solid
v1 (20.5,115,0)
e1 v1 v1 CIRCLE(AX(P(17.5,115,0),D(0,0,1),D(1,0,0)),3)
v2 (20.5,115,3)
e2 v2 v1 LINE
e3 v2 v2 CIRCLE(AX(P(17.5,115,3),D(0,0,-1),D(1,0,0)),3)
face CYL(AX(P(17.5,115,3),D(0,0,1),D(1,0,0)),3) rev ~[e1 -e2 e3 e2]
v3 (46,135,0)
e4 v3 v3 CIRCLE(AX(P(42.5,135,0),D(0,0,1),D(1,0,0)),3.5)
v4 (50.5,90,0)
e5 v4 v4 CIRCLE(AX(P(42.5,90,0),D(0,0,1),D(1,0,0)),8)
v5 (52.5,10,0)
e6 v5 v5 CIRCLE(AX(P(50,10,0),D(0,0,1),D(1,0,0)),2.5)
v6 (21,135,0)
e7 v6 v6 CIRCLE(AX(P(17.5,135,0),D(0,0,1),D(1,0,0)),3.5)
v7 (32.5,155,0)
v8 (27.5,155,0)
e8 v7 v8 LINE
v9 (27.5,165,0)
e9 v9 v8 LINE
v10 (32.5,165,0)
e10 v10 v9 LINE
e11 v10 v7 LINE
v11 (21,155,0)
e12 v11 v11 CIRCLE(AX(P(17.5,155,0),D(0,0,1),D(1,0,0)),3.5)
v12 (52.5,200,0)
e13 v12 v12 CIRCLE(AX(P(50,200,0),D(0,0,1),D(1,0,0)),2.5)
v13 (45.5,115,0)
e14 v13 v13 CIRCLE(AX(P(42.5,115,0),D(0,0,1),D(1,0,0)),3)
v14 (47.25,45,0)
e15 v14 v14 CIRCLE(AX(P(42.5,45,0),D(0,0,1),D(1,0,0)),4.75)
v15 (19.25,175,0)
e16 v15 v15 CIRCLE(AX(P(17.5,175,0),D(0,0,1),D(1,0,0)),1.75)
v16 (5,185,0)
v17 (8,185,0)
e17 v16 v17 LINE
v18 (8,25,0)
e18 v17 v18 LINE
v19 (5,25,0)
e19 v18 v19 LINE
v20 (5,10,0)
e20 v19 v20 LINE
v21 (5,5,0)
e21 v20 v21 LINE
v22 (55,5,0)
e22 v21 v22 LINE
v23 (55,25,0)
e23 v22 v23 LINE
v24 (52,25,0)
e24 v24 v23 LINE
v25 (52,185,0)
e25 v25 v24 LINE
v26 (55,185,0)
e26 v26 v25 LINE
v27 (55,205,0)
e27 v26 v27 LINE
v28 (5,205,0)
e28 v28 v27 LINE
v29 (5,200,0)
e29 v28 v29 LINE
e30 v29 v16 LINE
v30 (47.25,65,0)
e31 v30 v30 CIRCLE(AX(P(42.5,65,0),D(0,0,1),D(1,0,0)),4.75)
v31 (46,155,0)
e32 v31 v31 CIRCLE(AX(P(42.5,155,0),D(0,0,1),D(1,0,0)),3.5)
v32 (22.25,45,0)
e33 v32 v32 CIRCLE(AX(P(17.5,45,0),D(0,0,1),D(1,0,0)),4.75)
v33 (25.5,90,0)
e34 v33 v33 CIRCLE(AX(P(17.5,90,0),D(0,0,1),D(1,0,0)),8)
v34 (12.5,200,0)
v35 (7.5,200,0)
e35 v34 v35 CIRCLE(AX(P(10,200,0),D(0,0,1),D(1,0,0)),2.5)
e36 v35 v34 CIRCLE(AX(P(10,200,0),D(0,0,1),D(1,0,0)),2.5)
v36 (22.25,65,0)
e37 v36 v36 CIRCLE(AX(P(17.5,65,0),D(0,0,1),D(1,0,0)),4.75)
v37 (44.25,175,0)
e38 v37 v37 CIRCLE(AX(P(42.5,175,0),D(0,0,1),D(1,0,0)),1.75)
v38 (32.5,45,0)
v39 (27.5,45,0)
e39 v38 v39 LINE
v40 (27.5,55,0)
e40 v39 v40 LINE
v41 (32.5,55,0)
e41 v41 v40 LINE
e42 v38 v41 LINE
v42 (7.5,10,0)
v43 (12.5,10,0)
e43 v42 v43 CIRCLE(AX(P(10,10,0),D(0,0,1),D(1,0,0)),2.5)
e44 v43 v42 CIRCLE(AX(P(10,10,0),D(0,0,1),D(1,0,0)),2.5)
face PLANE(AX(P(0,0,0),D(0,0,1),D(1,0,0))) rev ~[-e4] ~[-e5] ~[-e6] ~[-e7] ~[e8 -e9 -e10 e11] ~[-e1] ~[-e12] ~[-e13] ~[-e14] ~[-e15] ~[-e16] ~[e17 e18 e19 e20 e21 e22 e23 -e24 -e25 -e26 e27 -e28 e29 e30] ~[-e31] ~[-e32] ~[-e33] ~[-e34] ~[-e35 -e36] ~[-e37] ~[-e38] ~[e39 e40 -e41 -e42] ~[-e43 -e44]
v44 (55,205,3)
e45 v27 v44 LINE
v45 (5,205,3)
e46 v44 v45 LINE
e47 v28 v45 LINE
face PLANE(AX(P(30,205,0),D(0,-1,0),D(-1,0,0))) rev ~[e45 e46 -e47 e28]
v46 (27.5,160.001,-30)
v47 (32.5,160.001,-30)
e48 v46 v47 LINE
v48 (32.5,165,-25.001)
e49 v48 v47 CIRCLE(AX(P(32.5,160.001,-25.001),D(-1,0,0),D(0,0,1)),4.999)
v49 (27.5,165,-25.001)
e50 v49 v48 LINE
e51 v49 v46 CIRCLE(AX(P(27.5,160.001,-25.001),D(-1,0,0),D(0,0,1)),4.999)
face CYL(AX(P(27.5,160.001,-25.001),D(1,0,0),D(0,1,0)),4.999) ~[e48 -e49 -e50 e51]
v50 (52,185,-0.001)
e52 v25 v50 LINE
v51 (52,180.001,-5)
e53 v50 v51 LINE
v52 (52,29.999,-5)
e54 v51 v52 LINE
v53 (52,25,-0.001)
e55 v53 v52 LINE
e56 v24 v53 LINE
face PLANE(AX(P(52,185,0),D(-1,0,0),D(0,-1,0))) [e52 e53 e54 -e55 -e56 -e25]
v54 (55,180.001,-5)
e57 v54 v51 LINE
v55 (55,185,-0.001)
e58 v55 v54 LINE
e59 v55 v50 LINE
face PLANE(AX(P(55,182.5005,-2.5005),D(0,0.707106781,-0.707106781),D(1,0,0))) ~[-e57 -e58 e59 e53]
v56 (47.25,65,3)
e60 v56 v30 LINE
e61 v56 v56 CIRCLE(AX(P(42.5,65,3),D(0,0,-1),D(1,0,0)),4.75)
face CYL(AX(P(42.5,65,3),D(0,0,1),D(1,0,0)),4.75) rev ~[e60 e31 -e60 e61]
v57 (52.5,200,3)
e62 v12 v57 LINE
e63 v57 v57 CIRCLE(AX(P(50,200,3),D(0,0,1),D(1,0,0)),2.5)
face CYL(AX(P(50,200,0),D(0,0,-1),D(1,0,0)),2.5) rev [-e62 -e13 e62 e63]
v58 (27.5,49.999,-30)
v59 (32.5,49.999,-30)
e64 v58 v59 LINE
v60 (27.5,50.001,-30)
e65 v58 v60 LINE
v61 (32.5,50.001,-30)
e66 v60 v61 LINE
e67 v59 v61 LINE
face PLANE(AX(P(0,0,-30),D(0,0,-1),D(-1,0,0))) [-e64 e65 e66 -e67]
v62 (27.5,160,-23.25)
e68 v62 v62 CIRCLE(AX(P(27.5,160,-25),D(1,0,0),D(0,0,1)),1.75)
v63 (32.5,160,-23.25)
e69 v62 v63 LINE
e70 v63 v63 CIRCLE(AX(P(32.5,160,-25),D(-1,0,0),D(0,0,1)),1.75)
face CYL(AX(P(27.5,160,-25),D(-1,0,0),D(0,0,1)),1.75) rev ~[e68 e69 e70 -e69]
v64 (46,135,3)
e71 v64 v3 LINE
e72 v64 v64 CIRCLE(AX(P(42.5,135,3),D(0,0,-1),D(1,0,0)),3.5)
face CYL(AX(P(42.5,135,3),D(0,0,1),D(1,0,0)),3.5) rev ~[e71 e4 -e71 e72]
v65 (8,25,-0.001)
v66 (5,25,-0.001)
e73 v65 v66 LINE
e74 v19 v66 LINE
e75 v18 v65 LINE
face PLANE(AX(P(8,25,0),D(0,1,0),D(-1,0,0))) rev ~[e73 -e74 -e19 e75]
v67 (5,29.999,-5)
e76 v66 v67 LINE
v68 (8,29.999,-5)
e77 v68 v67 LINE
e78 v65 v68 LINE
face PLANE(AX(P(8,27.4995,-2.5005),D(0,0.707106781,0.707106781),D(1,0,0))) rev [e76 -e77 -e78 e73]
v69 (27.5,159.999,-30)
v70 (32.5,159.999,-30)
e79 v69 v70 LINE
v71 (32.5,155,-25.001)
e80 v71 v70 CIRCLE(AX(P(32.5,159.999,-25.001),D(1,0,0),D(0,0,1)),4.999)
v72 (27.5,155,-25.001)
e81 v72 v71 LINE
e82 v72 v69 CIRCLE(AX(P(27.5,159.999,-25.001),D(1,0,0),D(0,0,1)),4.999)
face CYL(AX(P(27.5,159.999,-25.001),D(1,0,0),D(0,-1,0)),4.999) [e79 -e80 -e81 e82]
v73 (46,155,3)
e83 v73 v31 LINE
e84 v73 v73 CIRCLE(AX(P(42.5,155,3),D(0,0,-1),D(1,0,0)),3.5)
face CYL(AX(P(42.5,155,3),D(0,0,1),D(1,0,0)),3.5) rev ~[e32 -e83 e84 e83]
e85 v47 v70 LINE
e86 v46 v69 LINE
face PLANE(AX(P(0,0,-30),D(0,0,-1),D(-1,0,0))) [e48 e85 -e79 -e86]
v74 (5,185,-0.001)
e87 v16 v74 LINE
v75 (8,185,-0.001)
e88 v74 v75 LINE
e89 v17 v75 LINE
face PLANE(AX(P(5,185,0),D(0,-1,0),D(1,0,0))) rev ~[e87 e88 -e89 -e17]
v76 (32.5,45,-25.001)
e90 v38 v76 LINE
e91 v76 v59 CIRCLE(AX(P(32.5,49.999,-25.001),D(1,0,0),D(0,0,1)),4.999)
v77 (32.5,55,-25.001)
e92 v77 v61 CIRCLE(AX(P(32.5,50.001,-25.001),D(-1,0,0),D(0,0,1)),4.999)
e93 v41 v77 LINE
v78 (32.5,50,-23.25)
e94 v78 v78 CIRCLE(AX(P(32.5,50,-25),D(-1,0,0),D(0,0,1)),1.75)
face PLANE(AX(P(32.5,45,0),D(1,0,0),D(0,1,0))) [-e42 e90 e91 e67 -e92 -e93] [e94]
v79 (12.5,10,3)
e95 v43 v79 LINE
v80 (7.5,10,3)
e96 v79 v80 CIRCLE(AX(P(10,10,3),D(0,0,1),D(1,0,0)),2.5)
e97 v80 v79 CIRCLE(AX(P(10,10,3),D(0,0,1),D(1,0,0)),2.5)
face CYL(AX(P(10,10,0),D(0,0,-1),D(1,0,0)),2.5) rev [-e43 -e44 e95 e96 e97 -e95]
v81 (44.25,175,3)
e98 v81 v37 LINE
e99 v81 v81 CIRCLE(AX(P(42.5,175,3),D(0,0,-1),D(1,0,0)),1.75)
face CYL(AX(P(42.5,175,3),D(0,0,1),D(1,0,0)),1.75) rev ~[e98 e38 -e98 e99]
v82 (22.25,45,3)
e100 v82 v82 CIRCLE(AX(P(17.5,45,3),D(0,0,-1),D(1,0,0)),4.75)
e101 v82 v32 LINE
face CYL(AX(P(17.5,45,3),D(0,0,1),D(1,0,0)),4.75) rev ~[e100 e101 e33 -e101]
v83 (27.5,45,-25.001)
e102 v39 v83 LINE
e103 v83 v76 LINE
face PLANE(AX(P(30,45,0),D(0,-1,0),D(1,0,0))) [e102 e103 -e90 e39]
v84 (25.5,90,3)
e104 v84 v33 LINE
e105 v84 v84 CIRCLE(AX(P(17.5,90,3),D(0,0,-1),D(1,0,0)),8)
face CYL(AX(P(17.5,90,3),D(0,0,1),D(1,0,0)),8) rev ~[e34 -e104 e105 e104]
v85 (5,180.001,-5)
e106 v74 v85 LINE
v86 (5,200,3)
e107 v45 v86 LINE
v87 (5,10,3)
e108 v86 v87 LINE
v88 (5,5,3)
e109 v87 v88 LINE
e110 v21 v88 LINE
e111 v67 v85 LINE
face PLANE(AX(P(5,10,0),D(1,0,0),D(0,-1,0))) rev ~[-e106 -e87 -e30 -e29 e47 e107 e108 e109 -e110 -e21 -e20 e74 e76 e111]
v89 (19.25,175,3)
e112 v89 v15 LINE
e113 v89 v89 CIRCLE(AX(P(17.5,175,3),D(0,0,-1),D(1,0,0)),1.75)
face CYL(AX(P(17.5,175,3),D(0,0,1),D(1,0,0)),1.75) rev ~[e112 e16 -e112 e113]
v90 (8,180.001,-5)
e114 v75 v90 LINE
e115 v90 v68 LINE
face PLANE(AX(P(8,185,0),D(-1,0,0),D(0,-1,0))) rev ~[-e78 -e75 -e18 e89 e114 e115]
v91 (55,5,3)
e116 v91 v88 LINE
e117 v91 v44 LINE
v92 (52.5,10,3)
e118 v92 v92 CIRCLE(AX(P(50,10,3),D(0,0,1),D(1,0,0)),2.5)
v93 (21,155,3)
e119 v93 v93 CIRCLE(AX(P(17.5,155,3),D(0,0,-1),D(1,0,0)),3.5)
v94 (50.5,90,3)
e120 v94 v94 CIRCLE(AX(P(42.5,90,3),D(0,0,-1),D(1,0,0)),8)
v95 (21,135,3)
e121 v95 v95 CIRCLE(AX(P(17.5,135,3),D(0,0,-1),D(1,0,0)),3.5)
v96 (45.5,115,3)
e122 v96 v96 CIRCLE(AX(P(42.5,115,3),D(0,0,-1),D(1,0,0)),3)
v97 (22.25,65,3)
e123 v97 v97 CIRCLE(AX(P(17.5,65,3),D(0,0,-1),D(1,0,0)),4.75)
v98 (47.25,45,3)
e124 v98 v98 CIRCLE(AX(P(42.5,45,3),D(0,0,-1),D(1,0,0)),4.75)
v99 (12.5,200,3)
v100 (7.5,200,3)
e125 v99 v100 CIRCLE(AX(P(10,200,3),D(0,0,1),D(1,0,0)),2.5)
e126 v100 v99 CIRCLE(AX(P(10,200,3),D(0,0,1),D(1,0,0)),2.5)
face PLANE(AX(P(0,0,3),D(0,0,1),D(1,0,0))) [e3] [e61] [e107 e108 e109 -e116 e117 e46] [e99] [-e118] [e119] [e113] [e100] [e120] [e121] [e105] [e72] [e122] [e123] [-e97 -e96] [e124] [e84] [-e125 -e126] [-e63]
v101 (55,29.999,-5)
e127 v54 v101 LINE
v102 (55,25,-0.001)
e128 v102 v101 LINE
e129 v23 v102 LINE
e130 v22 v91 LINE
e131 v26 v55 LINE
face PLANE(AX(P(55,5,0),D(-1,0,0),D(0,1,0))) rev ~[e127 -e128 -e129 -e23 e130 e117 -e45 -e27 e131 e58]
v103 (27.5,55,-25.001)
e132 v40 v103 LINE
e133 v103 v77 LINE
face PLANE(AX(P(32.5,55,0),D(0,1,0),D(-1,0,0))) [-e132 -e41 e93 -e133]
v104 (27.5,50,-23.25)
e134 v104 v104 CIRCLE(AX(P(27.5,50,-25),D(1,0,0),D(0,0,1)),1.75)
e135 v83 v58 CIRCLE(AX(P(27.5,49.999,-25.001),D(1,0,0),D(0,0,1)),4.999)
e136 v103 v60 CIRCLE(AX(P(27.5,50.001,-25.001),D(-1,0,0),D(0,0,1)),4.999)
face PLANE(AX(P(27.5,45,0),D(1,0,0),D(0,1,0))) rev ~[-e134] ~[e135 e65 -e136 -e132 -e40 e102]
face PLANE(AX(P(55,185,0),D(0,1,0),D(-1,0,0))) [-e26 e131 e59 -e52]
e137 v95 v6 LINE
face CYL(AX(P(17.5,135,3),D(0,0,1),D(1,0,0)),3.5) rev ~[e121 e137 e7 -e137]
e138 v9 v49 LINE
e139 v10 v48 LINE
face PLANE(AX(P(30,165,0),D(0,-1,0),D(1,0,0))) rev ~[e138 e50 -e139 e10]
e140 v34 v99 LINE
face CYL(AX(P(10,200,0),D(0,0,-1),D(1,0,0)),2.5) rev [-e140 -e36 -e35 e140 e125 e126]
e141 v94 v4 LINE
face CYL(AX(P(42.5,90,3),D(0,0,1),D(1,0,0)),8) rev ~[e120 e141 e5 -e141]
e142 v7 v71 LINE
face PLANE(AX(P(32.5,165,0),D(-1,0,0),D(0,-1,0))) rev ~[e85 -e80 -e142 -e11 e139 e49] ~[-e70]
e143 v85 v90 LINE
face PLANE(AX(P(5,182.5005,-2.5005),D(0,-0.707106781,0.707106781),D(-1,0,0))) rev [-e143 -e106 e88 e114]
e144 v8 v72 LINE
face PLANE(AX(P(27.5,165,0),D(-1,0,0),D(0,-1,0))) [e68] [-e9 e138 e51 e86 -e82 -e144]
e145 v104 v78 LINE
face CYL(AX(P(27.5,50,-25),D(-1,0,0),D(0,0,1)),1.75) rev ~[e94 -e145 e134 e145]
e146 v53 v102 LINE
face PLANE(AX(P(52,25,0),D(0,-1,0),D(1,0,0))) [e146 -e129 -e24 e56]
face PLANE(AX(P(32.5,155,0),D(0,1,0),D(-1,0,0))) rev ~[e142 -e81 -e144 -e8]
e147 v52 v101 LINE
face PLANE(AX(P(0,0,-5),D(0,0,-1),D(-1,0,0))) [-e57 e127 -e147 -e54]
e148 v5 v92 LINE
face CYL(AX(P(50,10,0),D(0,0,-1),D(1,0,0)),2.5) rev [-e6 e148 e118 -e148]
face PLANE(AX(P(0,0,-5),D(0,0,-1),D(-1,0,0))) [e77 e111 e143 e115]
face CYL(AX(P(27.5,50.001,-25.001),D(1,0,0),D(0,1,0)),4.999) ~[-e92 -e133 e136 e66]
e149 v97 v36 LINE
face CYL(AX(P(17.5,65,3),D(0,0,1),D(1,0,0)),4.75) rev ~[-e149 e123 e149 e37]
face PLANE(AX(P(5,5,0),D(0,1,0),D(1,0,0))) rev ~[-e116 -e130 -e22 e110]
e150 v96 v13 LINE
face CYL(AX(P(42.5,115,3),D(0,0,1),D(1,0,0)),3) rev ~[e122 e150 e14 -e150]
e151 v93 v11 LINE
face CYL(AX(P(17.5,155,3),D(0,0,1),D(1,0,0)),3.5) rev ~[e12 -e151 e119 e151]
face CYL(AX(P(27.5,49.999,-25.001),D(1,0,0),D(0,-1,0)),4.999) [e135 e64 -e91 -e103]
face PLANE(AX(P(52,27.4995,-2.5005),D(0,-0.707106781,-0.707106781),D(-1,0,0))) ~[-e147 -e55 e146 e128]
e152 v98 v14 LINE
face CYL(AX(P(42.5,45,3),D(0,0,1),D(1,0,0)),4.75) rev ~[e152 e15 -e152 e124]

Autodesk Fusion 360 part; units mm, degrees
sketch "Sketch1" plane through (0, 0, 0) normal (0, 0, 1) x (1, 0, 0)
  line L0 (5, 5) -> (55, 5)
  line L1 (55, 5) -> (55, 205)
  line L2 (55, 205) -> (5, 205)
  line L3 (5, 205) -> (5, 5)
  line L4 (5, 205) -> (5, 200)
  line L5 (5, 200) -> (10, 200)
  circle A0 centre (10, 200) radius 2.5
  line L6 (5, 5) -> (5, 10)
  line L7 (5, 10) -> (10, 10)
  circle A1 centre (10, 10) radius 2.5
  line L8 (30, 205) -> (30, 5)
  circle A2 centre (50, 200) radius 2.5
  circle A3 centre (50, 10) radius 2.5
  dimension "d1" = 50
  dimension "d2" = 200
  dimension "d3" = 5
  dimension "d4" = 5
extrude "Extrude1" add sketch "Sketch1" along normal blind 3
sketch "Sketch2" plane through (0, 0, 3) normal (0, 0, 1) x (1, 0, 0)
  circle A0 centre (10, 200) radius 2.5
  circle A1 centre (50, 200) radius 2.5
  circle A2 centre (10, 10) radius 2.5
  circle A3 centre (50, 10) radius 2.5
  line L0 (55, 5) -> (55, 205)
  line L1 (55, 205) -> (5, 205)
  line L2 (5, 205) -> (5, 5)
  line L3 (5, 5) -> (55, 5)
  line L4 (5, 205) -> (17.5, 205)
  line L5 (17.5, 205) -> (17.5, 5)
  line L6 (55, 205) -> (42.5, 205)
  line L7 (42.5, 205) -> (42.5, 5)
  line L8 (30, 205) -> (30, 5)
  line L9 (5, 205) -> (5, 185)
  line L10 (5, 5) -> (5, 25)
  line L11 (5, 25) -> (55, 25)
  line L12 (5, 185) -> (55, 185)
  line L13 (17.5, 185) -> (17.5, 175)
  circle A4 centre (17.5, 175) radius 1.75
  line L14 (17.5, 25) -> (17.5, 45)
  circle A5 centre (17.5, 45) radius 4.75
  line L15 (17.5, 45) -> (17.5, 65)
  circle A6 centre (17.5, 65) radius 4.75
  line L16 (17.5, 175) -> (17.5, 155)
  circle A7 centre (17.5, 155) radius 3.5
  line L17 (17.5, 155) -> (17.5, 135)
  circle A8 centre (17.5, 135) radius 3.5
  line L18 (17.5, 135) -> (17.5, 115)
  circle A9 centre (17.5, 115) radius 3
  line L19 (17.5, 115) -> (17.5, 90)
  circle A10 centre (17.5, 90) radius 8
  circle A11 centre (42.5, 175) radius 1.75
  circle A12 centre (42.5, 155) radius 3.5
  circle A13 centre (42.5, 135) radius 3.5
  circle A14 centre (42.5, 115) radius 3
  circle A15 centre (42.5, 90) radius 8
  circle A16 centre (42.5, 65) radius 4.75
  circle A17 centre (42.5, 45) radius 4.75
  dimension "d7" = 12.5
  dimension "d8" = 200
  dimension "d9" = 12.5
  dimension "d10" = 20
  dimension "d11" = 20
  dimension "d12" = 10
  dimension "d13" = 3.5
  dimension "d14" = 20
  dimension "d15" = 9.5
  dimension "d16" = 20
  dimension "d17" = 9.5
  dimension "d18" = 20
  dimension "d19" = 7
  dimension "d20" = 20
  dimension "d21" = 7
  dimension "d22" = 20
  dimension "d23" = 6
  dimension "d24" = 25
  dimension "d25" = 16
extrude "Extrude2" cut sketch "Sketch2" against normal blind 3 contours L7 A17 | L7 A17 | L7 A11 | L7 A11 | L7 A16 | L7 A16 | L5 L14 A5 L15 | L5 L14 A5 L15 | L7 A12 | L7 A12 | L5 L13 A4 L16 | L5 L13 A4 L16 | L7 A15 | L7 A15 | L5 L15 A6 | L5 L15 A6 | L7 A13 | L7 A13 | L5 L16 A7 L17 | L5 L16 A7 L17 | L7 A14 | L7 A14 | L5 L19 A10 | L5 L19 A10 | L5 L17 A8 L18 | L5 L17 A8 L18 | L5 L18 A9 L19 | L5 L18 A9 L19
sketch "Sketch3" plane through (0, 0, 0) normal (0, 0, -1) x (-1, 0, 0)
  circle A0 centre (-42.5, 135) radius 3.5
  circle A1 centre (-42.5, 45) radius 4.75
  circle A2 centre (-17.5, 115) radius 3
  circle A3 centre (-17.5, 155) radius 3.5
  circle A4 centre (-17.5, 90) radius 8
  circle A5 centre (-42.5, 65) radius 4.75
  circle A6 centre (-42.5, 155) radius 3.5
  circle A7 centre (-42.5, 115) radius 3
  circle A8 centre (-17.5, 45) radius 4.75
  circle A9 centre (-17.5, 135) radius 3.5
  circle A10 centre (-17.5, 175) radius 1.75
  circle A11 centre (-17.5, 65) radius 4.75
  circle A12 centre (-42.5, 90) radius 8
  circle A13 centre (-42.5, 175) radius 1.75
  circle A14 centre (-10, 200) radius 2.5
  circle A15 centre (-50, 200) radius 2.5
  circle A16 centre (-10, 10) radius 2.5
  circle A17 centre (-50, 10) radius 2.5
  line L0 (-55, 205) -> (-55, 5)
  line L1 (-55, 5) -> (-5, 5)
  line L2 (-5, 5) -> (-5, 205)
  line L3 (-5, 205) -> (-55, 205)
  line L4 (-55, 205) -> (-55, 185)
  line L5 (-55, 185) -> (-52, 185)
  line L6 (-52, 185) -> (-52, 25)
  line L7 (-52, 25) -> (-55, 25)
  line L8 (-55, 25) -> (-55, 185)
  line L9 (-30, 205) -> (-30, 5)
  line L10 (-5, 25) -> (-5, 185)
  line L11 (-8, 185) -> (-8, 25)
  line L12 (-8, 25) -> (-5, 25)
  line L13 (-5, 185) -> (-8, 185)
  dimension "d28" = 20
  dimension "d29" = 3
  dimension "d30" = 160
extrude "Extrude3" add sketch "Sketch3" along normal blind 5 contours L0 L5 L6 L7 L8 | L2 L10 L11 L12 L13
chamfer "Chamfer1" distance 5 angle 45 4 edges at (6.5, 25, -5) (53.5, 25, -5) (6.5, 185, -5) (53.5, 185, -5)
sketch "Sketch4" plane through (0, 0, 0) normal (1, 0, 0) x (0, 0, -1)
sketch "Sketch5" plane through (0, 0, 0) normal (0, 0, -1) x (-1, 0, 0)
  circle A0 centre (-42.5, 135) radius 3.5
  circle A1 centre (-42.5, 45) radius 4.75
  circle A2 centre (-17.5, 115) radius 3
  circle A3 centre (-17.5, 155) radius 3.5
  circle A4 centre (-17.5, 90) radius 8
  circle A5 centre (-42.5, 65) radius 4.75
  circle A6 centre (-42.5, 155) radius 3.5
  circle A7 centre (-42.5, 115) radius 3
  circle A8 centre (-17.5, 45) radius 4.75
  circle A9 centre (-17.5, 135) radius 3.5
  circle A10 centre (-17.5, 175) radius 1.75
  circle A11 centre (-17.5, 65) radius 4.75
  circle A12 centre (-42.5, 90) radius 8
  circle A13 centre (-42.5, 175) radius 1.75
  circle A14 centre (-10, 200) radius 2.5
  circle A15 centre (-50, 200) radius 2.5
  circle A16 centre (-10, 10) radius 2.5
  circle A17 centre (-50, 10) radius 2.5
  line L0 (-5, 25) -> (-8, 25)
  line L1 (-8, 25) -> (-8, 185)
  line L2 (-8, 185) -> (-5, 185)
  line L3 (-5, 185) -> (-5, 205)
  line L4 (-5, 205) -> (-55, 205)
  line L5 (-55, 205) -> (-55, 185)
  line L6 (-55, 185) -> (-52, 185)
  line L7 (-52, 185) -> (-52, 25)
  line L8 (-52, 25) -> (-55, 25)
  line L9 (-55, 25) -> (-55, 5)
  line L10 (-55, 5) -> (-5, 5)
  line L11 (-5, 5) -> (-5, 25)
  line L12 (-30, 205) -> (-30, 5)
  line L13 (-30, 205) -> (-30, 165)
  line L14 (-30, 5) -> (-30, 50)
  line L15 (-30, 165) -> (-27.5, 165)
  line L16 (-27.5, 165) -> (-27.5, 155)
  line L17 (-27.5, 155) -> (-30, 155)
  line L18 (-30, 155) -> (-30, 165)
  line L19 (-30, 165) -> (-32.5, 165)
  line L20 (-32.5, 165) -> (-32.5, 155)
  line L21 (-32.5, 155) -> (-30, 155)
  line L22 (-30, 155) -> (-30, 165)
  line L23 (-52, 105) -> (-8, 105)
  line L24 (-27.5, 55) -> (-30, 55)
  line L25 (-27.5, 45) -> (-27.5, 55)
  line L26 (-30, 45) -> (-27.5, 45)
  line L27 (-30, 45) -> (-32.5, 45)
  line L28 (-32.5, 45) -> (-32.5, 55)
  line L29 (-32.5, 55) -> (-30, 55)
  dimension "d34" = 40
  dimension "d35" = 45
  dimension "d36" = 2.5
  dimension "d37" = 10
extrude "Extrude4" add sketch "Sketch5" along normal blind 30 contours L12 L14 L27 L28 L29 | L12 L14 L24 L25 L26
extrude "Extrude5" add sketch "Sketch5" along normal blind 30 contours L12 L18 L19 L20 L21 L22 | L12 L15 L16 L17 L18 L22
fillet "Fillet1" radius 5 4 edges at (30, 155, -30) (30, 165, -30) (30, 55, -30) (30, 45, -30)
sketch "Sketch6" plane through (27.5, 0, 0) normal (-1, 0, 0) x (0, 0, 1)
  arc A0 (-25, 165) -> (-25, 155) centre (-25, 160) ccw
  line L0 (-25, 155) -> (0, 155)
  line L1 (0, 155) -> (0, 165)
  line L2 (0, 165) -> (-25, 165)
  line L3 (-30, 160) -> (-25, 160)
  line L4 (-30, 50) -> (-25, 50)
  circle A1 centre (-25, 50) radius 1.75
  circle A2 centre (-25, 160) radius 1.75
  dimension "d43" = 3.5
  dimension "d44" = 3.5
extrude "Extrude6" cut sketch "Sketch6" against normal blind 5 contours A2 | A1
